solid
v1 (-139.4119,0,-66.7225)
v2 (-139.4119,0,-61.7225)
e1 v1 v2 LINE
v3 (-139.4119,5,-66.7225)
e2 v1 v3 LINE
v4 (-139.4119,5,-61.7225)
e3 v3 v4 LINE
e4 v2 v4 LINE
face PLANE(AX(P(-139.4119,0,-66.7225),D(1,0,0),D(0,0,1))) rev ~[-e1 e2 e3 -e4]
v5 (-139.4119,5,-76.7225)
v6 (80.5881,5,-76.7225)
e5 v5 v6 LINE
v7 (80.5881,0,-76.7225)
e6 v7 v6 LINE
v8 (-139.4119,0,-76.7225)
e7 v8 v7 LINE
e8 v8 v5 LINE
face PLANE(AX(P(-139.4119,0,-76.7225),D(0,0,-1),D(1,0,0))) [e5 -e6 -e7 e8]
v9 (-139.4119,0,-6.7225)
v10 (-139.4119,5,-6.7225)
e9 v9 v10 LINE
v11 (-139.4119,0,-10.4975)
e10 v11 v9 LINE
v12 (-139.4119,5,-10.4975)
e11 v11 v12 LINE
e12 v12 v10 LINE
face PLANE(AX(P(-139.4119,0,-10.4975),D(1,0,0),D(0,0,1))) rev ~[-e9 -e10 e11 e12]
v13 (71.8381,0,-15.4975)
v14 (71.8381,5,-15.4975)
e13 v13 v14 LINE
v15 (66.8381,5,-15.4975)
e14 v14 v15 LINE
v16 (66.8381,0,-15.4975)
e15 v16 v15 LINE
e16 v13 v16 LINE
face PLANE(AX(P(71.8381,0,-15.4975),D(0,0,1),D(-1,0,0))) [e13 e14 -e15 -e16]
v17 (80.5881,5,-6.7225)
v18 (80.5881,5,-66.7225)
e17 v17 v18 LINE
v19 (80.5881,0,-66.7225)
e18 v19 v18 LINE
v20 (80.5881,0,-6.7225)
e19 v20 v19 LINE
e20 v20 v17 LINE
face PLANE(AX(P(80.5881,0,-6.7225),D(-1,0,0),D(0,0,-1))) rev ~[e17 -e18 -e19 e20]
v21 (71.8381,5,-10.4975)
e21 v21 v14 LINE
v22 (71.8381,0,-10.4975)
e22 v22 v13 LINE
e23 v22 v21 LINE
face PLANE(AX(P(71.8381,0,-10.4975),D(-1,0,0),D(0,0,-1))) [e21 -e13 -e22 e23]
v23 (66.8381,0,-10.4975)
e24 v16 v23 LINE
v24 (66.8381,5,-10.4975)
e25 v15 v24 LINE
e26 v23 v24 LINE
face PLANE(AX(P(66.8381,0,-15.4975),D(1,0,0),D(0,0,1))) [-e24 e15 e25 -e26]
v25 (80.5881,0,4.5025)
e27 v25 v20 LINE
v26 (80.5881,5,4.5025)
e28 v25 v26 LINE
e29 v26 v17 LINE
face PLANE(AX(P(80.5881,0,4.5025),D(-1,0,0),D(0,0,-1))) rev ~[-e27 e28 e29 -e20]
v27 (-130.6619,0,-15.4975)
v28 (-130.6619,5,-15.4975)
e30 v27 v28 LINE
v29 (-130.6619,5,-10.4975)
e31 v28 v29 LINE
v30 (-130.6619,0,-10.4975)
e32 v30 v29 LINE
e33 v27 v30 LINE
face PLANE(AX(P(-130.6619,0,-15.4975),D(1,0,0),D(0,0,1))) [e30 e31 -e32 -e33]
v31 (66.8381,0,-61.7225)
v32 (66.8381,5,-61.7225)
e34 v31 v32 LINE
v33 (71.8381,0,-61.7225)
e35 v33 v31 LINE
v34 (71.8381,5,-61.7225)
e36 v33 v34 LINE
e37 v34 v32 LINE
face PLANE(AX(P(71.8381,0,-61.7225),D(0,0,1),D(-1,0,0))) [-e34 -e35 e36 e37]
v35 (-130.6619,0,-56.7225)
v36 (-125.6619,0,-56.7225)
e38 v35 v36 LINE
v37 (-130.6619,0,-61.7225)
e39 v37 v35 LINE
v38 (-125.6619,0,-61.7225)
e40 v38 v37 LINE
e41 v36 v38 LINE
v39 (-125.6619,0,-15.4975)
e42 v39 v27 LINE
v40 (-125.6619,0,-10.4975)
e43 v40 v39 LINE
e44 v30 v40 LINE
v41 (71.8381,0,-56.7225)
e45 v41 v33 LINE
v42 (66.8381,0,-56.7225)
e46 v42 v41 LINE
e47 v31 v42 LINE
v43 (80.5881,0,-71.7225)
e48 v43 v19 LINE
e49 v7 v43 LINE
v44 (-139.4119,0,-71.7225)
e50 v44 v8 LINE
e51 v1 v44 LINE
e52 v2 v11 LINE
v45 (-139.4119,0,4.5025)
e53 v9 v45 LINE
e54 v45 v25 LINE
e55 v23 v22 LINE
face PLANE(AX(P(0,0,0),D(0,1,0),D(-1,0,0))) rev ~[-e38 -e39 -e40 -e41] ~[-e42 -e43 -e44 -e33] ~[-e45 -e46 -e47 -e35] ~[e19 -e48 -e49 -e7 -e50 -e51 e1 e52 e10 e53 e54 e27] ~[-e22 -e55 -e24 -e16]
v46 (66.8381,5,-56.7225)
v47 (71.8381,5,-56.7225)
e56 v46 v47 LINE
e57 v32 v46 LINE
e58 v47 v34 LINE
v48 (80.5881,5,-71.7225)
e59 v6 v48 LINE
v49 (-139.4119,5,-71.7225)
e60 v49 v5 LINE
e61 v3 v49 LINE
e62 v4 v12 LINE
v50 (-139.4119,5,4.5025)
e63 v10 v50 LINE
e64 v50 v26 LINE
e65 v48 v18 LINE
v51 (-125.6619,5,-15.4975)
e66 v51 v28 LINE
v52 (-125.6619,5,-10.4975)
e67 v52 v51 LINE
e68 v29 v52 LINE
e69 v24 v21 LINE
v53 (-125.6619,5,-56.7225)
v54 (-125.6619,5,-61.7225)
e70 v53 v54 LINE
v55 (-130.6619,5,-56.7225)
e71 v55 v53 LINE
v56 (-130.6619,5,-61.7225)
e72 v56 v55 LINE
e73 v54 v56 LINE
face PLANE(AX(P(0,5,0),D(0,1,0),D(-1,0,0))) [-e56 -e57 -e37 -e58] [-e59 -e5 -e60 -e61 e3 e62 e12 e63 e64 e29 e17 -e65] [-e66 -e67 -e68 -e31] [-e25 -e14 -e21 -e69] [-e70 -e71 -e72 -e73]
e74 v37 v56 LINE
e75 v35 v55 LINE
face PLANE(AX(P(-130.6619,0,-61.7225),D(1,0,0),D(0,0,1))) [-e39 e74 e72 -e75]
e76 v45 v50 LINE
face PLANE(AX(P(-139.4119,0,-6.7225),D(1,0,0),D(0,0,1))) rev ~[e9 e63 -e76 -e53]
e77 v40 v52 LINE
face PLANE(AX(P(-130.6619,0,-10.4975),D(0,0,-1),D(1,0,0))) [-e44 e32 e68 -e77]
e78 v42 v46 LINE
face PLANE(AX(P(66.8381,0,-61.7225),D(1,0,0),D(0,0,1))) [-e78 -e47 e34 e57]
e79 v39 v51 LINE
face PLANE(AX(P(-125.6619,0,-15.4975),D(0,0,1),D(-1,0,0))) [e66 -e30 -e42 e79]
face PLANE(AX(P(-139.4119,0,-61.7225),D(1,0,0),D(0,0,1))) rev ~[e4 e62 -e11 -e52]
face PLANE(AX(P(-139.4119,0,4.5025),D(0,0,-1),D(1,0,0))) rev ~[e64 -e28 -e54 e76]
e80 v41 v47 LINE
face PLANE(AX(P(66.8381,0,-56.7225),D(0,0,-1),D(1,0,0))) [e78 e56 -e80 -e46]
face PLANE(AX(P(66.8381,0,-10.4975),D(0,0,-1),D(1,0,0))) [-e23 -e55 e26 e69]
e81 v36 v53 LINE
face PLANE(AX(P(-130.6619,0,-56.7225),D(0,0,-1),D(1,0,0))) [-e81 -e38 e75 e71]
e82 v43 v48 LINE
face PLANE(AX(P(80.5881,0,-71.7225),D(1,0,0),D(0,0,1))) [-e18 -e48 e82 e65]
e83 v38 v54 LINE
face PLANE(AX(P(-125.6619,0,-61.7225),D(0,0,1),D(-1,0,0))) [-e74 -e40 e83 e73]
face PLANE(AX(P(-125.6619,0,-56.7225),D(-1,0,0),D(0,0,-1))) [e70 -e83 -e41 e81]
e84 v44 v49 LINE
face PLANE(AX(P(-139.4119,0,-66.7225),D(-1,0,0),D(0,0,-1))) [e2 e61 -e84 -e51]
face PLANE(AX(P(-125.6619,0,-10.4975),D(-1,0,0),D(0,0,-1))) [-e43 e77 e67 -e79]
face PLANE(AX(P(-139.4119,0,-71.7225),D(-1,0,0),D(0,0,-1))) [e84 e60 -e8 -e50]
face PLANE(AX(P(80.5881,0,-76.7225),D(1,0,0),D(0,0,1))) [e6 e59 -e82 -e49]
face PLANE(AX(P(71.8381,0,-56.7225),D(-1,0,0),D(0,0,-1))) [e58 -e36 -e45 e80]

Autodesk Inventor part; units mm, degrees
ref_plane "YZ Plane" through (0, 0, 0) normal (1, 0, 0) x (0, 1, 0)
ref_plane "XZ Plane" through (0, 0, 0) normal (0, 1, 0) x (-1, 0, 0)
ref_plane "XY Plane" through (0, 0, 0) normal (0, 0, 1) x (1, 0, 0)
sketch "Sketch1" plane through (0, 0, 0) normal (0, 1, 0) x (-1, 0, 0)
  line L0 (139.4119, -66.7225) -> (139.4119, -6.7225)
  line L1 (-80.5881, -6.7225) -> (-80.5881, -66.7225)
  line L2 (130.6619, -61.7225) -> (130.6619, -56.7225)
  line L3 (130.6619, -56.7225) -> (125.6619, -56.7225)
  line L4 (125.6619, -56.7225) -> (125.6619, -61.7225)
  line L5 (125.6619, -61.7225) -> (130.6619, -61.7225)
  line L6 (130.6619, -15.4975) -> (130.6619, -10.4975)
  line L7 (130.6619, -10.4975) -> (125.6619, -10.4975)
  line L8 (125.6619, -10.4975) -> (125.6619, -15.4975)
  line L9 (125.6619, -15.4975) -> (130.6619, -15.4975)
  line L10 (-71.8381, -61.7225) -> (-66.8381, -61.7225)
  line L11 (-66.8381, -61.7225) -> (-66.8381, -56.7225)
  line L12 (-66.8381, -56.7225) -> (-71.8381, -56.7225)
  line L13 (-71.8381, -56.7225) -> (-71.8381, -61.7225)
  line L14 (-71.8381, -15.4975) -> (-66.8381, -15.4975)
  line L15 (-66.8381, -15.4975) -> (-66.8381, -10.4975)
  line L16 (-66.8381, -10.4975) -> (-71.8381, -10.4975)
  line L17 (-71.8381, -10.4975) -> (-71.8381, -15.4975)
  line L18 (139.4119, -66.7225) -> (139.4119, -71.7225)
  line L19 (-80.5881, -71.7225) -> (-80.5881, -66.7225)
  line L20 (139.4119, -61.7225) -> (139.4119, -76.7225)
  line L21 (-80.5881, -76.7225) -> (-80.5881, -71.7225)
  line L22 (139.4119, -10.4975) -> (139.4119, 4.5025)
  line L23 (-80.5881, 4.5025) -> (-80.5881, -6.7225)
  line L24 (139.4119, -76.7225) -> (-80.5881, -76.7225)
  line L25 (139.4119, 4.5025) -> (-80.5881, 4.5025)
  point P0 (0, 0)
  dimension "d0" = 60
  dimension "d2" = 5
  dimension "d3" = 5
  dimension "d4" = 5
  dimension "d5" = 41.225
  dimension "d7" = 5
  dimension "d8" = 5
  dimension "d9" = 192.5
  dimension "d10" = 8.75
  dimension "d13" = 5
extrude "Extrusion1" add sketch "Sketch1" along normal blind 5
properties part number "Part Atap"
